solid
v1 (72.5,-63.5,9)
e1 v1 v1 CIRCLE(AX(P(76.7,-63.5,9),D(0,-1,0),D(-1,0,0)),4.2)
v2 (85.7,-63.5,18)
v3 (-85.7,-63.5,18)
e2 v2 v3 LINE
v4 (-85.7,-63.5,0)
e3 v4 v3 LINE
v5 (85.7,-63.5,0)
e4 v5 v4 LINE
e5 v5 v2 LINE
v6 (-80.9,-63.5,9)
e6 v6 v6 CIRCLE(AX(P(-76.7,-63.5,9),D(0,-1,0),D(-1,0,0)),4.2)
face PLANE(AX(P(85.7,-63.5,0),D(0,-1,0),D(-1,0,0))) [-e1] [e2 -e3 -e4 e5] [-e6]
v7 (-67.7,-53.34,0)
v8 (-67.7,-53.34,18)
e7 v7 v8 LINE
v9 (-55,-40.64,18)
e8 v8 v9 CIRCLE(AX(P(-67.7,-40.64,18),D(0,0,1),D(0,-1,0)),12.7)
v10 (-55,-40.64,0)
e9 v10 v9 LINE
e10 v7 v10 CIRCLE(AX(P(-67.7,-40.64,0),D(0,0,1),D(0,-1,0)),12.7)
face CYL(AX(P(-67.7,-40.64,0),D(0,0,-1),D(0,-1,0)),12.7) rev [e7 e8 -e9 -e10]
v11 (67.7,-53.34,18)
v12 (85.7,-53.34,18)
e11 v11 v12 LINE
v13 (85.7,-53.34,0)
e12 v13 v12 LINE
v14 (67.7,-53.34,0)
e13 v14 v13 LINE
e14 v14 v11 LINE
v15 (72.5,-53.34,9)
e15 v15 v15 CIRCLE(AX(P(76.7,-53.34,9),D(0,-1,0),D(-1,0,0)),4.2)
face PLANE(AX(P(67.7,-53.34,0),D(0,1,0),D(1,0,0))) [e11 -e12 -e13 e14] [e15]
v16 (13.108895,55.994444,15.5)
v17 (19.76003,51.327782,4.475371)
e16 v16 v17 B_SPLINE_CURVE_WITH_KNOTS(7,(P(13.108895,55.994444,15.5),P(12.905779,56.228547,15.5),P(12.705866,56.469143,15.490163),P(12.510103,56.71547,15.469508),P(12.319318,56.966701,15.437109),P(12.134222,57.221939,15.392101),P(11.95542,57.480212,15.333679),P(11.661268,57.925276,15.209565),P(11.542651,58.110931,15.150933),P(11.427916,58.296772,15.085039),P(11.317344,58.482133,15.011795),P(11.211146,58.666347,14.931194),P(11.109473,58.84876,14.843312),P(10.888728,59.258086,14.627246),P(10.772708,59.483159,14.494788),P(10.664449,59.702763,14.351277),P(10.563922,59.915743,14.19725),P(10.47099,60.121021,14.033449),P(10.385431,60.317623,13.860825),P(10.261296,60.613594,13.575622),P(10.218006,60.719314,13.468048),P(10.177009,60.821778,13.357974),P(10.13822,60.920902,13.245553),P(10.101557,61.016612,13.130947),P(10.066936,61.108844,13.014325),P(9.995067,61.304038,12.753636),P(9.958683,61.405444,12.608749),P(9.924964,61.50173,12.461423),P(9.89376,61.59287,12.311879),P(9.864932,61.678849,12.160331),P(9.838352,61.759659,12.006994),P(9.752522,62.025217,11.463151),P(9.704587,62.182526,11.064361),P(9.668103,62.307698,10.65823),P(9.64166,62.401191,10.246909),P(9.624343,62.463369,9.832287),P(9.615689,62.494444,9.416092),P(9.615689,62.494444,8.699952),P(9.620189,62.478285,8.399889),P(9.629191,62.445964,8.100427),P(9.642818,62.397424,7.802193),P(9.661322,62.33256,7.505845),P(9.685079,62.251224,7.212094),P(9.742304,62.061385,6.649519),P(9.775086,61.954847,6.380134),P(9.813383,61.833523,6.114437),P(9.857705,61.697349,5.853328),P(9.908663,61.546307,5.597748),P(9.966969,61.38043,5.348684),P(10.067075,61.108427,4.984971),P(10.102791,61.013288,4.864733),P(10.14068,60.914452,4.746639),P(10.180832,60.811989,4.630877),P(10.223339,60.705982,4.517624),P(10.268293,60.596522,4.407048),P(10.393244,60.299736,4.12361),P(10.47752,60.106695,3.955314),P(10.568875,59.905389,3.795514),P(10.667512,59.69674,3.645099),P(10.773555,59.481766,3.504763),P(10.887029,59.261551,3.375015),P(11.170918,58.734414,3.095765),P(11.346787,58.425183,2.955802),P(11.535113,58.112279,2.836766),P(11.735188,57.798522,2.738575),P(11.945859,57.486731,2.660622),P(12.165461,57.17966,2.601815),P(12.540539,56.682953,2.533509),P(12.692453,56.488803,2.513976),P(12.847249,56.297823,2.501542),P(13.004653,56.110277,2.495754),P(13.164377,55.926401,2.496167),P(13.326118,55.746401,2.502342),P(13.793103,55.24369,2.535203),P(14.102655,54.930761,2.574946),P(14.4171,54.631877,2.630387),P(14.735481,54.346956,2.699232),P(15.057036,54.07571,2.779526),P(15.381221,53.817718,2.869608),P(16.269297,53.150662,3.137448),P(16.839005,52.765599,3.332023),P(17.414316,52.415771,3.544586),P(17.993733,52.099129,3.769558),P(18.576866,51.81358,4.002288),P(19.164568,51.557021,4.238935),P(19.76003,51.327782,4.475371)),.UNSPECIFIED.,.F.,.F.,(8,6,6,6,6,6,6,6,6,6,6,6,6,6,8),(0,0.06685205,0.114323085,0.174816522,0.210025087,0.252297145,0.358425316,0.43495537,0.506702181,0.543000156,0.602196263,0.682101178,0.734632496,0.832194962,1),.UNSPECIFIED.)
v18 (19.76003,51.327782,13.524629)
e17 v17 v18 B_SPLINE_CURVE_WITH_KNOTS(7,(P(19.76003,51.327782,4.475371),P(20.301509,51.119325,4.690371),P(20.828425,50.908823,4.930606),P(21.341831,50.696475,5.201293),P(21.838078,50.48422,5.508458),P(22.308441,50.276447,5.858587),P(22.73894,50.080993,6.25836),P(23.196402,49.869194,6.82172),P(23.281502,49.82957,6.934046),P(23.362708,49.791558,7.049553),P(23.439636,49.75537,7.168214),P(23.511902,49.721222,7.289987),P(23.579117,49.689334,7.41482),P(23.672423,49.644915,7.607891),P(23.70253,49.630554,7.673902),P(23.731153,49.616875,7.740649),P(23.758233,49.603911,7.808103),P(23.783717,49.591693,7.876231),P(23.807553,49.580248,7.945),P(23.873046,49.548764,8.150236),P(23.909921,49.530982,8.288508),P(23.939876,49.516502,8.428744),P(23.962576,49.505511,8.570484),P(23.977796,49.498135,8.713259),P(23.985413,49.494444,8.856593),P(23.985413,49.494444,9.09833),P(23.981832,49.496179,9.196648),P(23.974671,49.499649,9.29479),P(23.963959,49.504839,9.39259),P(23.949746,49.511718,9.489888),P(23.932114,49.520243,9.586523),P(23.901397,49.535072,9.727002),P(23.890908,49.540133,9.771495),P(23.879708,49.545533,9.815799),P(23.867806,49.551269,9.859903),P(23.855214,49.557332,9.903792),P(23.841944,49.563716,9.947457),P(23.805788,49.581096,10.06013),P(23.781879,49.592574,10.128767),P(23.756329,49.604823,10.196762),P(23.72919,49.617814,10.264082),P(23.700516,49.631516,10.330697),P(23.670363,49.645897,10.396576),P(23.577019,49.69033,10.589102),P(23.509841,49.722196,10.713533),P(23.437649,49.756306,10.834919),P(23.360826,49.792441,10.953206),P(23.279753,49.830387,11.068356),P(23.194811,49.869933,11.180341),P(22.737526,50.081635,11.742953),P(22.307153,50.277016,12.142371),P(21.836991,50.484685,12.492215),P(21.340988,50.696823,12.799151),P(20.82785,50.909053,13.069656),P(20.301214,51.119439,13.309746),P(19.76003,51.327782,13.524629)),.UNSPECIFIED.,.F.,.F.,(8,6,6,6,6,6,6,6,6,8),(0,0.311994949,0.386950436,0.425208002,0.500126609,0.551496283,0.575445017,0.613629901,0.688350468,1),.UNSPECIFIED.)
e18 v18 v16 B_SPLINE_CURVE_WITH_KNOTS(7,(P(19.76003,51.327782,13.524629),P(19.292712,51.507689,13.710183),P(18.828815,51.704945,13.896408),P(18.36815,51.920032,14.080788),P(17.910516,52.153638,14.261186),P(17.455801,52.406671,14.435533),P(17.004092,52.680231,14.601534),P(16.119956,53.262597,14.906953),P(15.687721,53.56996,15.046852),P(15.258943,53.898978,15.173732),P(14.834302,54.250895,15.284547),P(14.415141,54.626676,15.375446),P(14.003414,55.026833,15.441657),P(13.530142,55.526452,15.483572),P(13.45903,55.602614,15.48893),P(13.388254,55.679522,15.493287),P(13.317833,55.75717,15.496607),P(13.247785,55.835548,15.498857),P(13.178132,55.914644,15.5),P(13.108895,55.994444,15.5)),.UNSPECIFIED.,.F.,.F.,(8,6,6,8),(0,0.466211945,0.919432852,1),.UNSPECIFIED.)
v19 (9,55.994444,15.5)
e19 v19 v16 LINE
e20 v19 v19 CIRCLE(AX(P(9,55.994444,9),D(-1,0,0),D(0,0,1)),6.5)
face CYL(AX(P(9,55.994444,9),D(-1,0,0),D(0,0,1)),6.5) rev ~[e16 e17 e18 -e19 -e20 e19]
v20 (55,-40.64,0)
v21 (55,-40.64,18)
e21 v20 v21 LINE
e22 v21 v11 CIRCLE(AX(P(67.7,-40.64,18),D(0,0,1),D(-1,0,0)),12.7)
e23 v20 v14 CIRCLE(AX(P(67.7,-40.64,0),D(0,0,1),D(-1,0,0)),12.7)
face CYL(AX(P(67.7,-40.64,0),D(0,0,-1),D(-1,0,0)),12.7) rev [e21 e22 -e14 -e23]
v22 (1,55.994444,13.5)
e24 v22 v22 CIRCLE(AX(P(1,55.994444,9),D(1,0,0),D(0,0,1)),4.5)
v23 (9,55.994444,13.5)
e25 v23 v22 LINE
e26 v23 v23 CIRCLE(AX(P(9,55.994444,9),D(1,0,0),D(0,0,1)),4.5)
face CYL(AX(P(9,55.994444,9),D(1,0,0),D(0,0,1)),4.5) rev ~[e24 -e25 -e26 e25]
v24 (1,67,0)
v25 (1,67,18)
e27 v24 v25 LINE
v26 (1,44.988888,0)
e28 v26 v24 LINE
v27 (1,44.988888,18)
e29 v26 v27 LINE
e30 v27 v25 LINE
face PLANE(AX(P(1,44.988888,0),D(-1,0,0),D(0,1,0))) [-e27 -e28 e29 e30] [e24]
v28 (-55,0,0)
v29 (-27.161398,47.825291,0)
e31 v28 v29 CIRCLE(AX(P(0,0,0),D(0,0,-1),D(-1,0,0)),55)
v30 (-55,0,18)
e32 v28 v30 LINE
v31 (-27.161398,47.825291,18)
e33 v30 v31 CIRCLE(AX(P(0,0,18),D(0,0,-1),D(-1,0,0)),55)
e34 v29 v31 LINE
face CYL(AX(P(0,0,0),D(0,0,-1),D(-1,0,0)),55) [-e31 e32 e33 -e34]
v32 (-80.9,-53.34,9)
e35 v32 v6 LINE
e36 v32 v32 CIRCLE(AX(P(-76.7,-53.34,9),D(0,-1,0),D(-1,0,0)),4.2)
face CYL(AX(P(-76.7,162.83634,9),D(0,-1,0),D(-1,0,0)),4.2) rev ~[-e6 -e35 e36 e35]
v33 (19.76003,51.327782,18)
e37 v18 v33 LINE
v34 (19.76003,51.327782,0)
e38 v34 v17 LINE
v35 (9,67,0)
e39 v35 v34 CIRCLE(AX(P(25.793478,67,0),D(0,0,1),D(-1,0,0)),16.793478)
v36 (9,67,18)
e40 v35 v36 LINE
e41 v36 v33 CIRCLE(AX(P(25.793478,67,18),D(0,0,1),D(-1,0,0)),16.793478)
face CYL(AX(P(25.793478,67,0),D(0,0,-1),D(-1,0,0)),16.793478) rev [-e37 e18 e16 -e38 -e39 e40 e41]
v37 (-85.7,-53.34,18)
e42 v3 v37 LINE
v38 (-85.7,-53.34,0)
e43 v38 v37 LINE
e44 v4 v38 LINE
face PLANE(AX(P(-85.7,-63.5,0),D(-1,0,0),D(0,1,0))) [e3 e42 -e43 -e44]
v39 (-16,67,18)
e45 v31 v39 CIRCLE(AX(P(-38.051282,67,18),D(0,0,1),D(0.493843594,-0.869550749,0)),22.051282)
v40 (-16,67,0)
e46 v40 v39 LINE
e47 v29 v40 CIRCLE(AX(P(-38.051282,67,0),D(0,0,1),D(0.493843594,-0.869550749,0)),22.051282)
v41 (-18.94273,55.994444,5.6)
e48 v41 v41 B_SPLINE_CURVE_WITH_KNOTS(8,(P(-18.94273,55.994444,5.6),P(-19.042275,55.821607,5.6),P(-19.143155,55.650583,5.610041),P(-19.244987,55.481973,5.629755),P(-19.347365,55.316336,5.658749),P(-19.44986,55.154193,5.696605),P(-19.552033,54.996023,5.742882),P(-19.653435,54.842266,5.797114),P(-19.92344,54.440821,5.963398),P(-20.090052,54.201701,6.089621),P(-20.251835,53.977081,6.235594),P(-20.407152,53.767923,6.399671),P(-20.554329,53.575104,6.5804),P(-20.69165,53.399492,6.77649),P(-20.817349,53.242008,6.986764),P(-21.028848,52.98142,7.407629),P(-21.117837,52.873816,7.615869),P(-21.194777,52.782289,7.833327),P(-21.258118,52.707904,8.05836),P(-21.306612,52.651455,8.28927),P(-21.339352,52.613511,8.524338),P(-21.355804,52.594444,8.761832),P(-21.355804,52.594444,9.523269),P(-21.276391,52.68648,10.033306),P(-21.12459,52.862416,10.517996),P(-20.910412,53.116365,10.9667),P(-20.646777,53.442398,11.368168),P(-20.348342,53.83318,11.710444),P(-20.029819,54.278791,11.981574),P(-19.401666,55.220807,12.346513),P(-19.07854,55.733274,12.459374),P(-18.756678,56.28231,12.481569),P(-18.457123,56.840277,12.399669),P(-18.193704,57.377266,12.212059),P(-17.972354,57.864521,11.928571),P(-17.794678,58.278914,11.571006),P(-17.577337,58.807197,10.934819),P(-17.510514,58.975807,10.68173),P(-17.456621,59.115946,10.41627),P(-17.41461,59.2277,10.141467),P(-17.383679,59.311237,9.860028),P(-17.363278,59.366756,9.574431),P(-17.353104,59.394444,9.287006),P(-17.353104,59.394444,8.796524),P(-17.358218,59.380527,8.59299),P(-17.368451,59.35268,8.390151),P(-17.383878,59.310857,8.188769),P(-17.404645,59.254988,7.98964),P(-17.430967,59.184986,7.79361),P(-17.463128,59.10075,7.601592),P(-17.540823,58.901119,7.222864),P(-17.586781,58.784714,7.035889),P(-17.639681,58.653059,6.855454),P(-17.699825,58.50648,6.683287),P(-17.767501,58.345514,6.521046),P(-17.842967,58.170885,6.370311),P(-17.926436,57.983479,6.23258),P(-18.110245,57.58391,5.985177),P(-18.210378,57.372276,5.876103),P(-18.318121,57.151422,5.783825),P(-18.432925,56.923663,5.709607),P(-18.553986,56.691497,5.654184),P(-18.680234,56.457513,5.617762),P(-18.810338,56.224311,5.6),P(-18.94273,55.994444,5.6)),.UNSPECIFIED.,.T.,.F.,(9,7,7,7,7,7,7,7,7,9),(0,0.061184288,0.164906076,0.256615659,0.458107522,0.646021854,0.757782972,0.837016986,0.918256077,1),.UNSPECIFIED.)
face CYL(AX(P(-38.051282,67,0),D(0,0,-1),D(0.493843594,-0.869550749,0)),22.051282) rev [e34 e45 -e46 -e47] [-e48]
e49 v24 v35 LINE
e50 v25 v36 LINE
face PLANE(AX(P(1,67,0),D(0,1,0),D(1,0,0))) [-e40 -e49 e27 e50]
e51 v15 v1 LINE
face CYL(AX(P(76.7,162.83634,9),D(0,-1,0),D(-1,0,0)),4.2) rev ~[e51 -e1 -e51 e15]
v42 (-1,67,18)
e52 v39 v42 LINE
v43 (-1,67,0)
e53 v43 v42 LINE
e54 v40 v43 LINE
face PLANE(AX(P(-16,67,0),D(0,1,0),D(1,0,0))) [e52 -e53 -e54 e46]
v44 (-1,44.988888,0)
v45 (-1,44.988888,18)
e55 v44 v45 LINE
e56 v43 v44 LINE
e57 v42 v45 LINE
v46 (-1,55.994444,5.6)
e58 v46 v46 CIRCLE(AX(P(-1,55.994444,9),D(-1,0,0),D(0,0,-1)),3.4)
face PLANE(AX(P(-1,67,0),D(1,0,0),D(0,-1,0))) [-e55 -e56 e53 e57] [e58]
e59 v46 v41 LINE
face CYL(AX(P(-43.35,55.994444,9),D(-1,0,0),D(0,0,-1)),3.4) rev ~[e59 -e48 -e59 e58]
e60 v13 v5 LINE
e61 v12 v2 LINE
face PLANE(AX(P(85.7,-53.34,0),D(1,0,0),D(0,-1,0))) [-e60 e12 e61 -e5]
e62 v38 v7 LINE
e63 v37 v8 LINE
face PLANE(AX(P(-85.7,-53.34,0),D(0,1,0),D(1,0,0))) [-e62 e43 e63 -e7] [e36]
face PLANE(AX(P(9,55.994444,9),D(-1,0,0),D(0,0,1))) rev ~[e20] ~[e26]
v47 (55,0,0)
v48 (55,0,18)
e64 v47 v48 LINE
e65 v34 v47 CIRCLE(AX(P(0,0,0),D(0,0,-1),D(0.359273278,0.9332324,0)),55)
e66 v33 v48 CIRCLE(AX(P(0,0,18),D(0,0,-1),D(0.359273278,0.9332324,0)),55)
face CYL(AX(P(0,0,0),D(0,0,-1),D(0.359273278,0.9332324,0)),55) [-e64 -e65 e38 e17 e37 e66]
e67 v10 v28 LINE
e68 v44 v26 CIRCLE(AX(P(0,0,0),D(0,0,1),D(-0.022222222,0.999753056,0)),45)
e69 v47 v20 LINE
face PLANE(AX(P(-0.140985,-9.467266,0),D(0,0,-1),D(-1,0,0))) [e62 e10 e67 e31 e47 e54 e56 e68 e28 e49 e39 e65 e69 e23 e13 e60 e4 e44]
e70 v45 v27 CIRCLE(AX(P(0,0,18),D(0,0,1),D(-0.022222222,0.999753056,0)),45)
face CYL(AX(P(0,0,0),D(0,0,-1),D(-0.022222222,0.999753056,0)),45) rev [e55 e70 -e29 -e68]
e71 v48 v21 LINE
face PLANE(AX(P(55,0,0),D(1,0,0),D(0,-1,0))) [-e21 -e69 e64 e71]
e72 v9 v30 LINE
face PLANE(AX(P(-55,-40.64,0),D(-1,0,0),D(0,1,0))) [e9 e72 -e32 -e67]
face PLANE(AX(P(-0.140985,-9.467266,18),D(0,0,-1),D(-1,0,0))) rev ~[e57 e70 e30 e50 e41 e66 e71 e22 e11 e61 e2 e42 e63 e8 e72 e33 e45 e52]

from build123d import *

# Parameters (mm, degrees)
MAIN_BODY_DEPTH               = 18
SKETCH10_R                    = 6.5
HEAD_COUNTERBORE_DEPTH        = 18
TO_TABLE_M8_CLEARANCE_HOLE1_D = 8.4
SKETCH19_W                    = 3.4
SKETCH19_H                    = 84.7
M8_CLEARANCE_HOLE2_REACH      = 119.393
M8_CLEARANCE_HOLE2_BORE_R     = 4.5


with BuildPart() as part:
    # Sketch1 → main body (new body)
    with BuildSketch(Plane.XY):
        with BuildLine():
            Line((85.7, -53.34), (85.7, -63.5))
            Line((85.7, -63.5), (-85.7, -63.5))
            Line((-85.7, -63.5), (-85.7, -53.34))
            Line((-85.7, -53.34), (-67.7, -53.34))
            ThreePointArc((-67.7, -53.34), (-58.719743879, -49.620256121), (-55, -40.64))
            Line((-55, -40.64), (-55, 0))
            ThreePointArc((-55, 0), (-47.533550635, 27.668783205), (-27.161397671, 47.825291181))
            ThreePointArc((-27.161397671, 47.825291181), (-18.99354147, 55.906688319), (-16, 67))
            Line((-16, 67), (-1, 67))
            Line((-1, 67), (-1, 44.988887517))
            ThreePointArc((-1, 44.988887517), (0, -45), (1, 44.988887517))
            Line((1, 44.988887517), (1, 67))
            Line((1, 67), (9, 67))
            ThreePointArc((9, 67), (11.948921757, 57.494782102), (19.76003028, 51.327781983))
            ThreePointArc((19.76003028, 51.327781983), (45.342042661, 31.130357648), (55, 0))
            Line((55, 0), (55, -40.64))
            ThreePointArc((55, -40.64), (58.719743879, -49.620256121), (67.7, -53.34))
            Line((67.7, -53.34), (85.7, -53.34))
        make_face()
    extrude(amount=MAIN_BODY_DEPTH)

    # Sketch10 → head counterbore (cut)
    with BuildSketch(Plane.ZY.offset(-9)):
        with Locations((9, 55.994443758)):
            Circle(SKETCH10_R)
    extrude(amount=-HEAD_COUNTERBORE_DEPTH, mode=Mode.SUBTRACT)

    # to table M8 Clearance Hole1 (through all)
    with Locations(Plane(origin=(0, -53.34, 0), x_dir=(1, 0, 0), z_dir=(0, 1, 0))):
        with Locations((-76.7, -9), (76.7, -9)):
            Hole(TO_TABLE_M8_CLEARANCE_HOLE1_D / 2)

    # Sketch19 → M8x1.25 Tapped Hole1 (revolve, cut)
    with BuildSketch(Plane(origin=(-1, 55.994443758, 9), x_dir=(0, 0, -1), z_dir=(0, 1, 0))):
        with Locations((1.7, 42.35)):
            Rectangle(SKETCH19_W, SKETCH19_H)
    revolve(axis=Axis((5.35, 55.994443758, 9), (-1, 0, 0)), mode=Mode.SUBTRACT)

    # M8 Clearance Hole2 bore → M8 Clearance Hole2 (cut, up to next)
    with BuildSketch(Plane(origin=(9, 0, 0), x_dir=(0, 0, 1), z_dir=(1, 0, 0)), mode=Mode.PRIVATE) as m8_clearance_hole2_sk1:
        with Locations((9, -55.994443758)):
            Circle(M8_CLEARANCE_HOLE2_BORE_R)
    m8_clearance_hole2_tool1 = extrude(m8_clearance_hole2_sk1.sketch, amount=-M8_CLEARANCE_HOLE2_REACH, mode=Mode.PRIVATE) & part.part
    add(m8_clearance_hole2_tool1.solids().sort_by_distance((9, 55.994444, 9))[0], mode=Mode.SUBTRACT)


solid = part.part
